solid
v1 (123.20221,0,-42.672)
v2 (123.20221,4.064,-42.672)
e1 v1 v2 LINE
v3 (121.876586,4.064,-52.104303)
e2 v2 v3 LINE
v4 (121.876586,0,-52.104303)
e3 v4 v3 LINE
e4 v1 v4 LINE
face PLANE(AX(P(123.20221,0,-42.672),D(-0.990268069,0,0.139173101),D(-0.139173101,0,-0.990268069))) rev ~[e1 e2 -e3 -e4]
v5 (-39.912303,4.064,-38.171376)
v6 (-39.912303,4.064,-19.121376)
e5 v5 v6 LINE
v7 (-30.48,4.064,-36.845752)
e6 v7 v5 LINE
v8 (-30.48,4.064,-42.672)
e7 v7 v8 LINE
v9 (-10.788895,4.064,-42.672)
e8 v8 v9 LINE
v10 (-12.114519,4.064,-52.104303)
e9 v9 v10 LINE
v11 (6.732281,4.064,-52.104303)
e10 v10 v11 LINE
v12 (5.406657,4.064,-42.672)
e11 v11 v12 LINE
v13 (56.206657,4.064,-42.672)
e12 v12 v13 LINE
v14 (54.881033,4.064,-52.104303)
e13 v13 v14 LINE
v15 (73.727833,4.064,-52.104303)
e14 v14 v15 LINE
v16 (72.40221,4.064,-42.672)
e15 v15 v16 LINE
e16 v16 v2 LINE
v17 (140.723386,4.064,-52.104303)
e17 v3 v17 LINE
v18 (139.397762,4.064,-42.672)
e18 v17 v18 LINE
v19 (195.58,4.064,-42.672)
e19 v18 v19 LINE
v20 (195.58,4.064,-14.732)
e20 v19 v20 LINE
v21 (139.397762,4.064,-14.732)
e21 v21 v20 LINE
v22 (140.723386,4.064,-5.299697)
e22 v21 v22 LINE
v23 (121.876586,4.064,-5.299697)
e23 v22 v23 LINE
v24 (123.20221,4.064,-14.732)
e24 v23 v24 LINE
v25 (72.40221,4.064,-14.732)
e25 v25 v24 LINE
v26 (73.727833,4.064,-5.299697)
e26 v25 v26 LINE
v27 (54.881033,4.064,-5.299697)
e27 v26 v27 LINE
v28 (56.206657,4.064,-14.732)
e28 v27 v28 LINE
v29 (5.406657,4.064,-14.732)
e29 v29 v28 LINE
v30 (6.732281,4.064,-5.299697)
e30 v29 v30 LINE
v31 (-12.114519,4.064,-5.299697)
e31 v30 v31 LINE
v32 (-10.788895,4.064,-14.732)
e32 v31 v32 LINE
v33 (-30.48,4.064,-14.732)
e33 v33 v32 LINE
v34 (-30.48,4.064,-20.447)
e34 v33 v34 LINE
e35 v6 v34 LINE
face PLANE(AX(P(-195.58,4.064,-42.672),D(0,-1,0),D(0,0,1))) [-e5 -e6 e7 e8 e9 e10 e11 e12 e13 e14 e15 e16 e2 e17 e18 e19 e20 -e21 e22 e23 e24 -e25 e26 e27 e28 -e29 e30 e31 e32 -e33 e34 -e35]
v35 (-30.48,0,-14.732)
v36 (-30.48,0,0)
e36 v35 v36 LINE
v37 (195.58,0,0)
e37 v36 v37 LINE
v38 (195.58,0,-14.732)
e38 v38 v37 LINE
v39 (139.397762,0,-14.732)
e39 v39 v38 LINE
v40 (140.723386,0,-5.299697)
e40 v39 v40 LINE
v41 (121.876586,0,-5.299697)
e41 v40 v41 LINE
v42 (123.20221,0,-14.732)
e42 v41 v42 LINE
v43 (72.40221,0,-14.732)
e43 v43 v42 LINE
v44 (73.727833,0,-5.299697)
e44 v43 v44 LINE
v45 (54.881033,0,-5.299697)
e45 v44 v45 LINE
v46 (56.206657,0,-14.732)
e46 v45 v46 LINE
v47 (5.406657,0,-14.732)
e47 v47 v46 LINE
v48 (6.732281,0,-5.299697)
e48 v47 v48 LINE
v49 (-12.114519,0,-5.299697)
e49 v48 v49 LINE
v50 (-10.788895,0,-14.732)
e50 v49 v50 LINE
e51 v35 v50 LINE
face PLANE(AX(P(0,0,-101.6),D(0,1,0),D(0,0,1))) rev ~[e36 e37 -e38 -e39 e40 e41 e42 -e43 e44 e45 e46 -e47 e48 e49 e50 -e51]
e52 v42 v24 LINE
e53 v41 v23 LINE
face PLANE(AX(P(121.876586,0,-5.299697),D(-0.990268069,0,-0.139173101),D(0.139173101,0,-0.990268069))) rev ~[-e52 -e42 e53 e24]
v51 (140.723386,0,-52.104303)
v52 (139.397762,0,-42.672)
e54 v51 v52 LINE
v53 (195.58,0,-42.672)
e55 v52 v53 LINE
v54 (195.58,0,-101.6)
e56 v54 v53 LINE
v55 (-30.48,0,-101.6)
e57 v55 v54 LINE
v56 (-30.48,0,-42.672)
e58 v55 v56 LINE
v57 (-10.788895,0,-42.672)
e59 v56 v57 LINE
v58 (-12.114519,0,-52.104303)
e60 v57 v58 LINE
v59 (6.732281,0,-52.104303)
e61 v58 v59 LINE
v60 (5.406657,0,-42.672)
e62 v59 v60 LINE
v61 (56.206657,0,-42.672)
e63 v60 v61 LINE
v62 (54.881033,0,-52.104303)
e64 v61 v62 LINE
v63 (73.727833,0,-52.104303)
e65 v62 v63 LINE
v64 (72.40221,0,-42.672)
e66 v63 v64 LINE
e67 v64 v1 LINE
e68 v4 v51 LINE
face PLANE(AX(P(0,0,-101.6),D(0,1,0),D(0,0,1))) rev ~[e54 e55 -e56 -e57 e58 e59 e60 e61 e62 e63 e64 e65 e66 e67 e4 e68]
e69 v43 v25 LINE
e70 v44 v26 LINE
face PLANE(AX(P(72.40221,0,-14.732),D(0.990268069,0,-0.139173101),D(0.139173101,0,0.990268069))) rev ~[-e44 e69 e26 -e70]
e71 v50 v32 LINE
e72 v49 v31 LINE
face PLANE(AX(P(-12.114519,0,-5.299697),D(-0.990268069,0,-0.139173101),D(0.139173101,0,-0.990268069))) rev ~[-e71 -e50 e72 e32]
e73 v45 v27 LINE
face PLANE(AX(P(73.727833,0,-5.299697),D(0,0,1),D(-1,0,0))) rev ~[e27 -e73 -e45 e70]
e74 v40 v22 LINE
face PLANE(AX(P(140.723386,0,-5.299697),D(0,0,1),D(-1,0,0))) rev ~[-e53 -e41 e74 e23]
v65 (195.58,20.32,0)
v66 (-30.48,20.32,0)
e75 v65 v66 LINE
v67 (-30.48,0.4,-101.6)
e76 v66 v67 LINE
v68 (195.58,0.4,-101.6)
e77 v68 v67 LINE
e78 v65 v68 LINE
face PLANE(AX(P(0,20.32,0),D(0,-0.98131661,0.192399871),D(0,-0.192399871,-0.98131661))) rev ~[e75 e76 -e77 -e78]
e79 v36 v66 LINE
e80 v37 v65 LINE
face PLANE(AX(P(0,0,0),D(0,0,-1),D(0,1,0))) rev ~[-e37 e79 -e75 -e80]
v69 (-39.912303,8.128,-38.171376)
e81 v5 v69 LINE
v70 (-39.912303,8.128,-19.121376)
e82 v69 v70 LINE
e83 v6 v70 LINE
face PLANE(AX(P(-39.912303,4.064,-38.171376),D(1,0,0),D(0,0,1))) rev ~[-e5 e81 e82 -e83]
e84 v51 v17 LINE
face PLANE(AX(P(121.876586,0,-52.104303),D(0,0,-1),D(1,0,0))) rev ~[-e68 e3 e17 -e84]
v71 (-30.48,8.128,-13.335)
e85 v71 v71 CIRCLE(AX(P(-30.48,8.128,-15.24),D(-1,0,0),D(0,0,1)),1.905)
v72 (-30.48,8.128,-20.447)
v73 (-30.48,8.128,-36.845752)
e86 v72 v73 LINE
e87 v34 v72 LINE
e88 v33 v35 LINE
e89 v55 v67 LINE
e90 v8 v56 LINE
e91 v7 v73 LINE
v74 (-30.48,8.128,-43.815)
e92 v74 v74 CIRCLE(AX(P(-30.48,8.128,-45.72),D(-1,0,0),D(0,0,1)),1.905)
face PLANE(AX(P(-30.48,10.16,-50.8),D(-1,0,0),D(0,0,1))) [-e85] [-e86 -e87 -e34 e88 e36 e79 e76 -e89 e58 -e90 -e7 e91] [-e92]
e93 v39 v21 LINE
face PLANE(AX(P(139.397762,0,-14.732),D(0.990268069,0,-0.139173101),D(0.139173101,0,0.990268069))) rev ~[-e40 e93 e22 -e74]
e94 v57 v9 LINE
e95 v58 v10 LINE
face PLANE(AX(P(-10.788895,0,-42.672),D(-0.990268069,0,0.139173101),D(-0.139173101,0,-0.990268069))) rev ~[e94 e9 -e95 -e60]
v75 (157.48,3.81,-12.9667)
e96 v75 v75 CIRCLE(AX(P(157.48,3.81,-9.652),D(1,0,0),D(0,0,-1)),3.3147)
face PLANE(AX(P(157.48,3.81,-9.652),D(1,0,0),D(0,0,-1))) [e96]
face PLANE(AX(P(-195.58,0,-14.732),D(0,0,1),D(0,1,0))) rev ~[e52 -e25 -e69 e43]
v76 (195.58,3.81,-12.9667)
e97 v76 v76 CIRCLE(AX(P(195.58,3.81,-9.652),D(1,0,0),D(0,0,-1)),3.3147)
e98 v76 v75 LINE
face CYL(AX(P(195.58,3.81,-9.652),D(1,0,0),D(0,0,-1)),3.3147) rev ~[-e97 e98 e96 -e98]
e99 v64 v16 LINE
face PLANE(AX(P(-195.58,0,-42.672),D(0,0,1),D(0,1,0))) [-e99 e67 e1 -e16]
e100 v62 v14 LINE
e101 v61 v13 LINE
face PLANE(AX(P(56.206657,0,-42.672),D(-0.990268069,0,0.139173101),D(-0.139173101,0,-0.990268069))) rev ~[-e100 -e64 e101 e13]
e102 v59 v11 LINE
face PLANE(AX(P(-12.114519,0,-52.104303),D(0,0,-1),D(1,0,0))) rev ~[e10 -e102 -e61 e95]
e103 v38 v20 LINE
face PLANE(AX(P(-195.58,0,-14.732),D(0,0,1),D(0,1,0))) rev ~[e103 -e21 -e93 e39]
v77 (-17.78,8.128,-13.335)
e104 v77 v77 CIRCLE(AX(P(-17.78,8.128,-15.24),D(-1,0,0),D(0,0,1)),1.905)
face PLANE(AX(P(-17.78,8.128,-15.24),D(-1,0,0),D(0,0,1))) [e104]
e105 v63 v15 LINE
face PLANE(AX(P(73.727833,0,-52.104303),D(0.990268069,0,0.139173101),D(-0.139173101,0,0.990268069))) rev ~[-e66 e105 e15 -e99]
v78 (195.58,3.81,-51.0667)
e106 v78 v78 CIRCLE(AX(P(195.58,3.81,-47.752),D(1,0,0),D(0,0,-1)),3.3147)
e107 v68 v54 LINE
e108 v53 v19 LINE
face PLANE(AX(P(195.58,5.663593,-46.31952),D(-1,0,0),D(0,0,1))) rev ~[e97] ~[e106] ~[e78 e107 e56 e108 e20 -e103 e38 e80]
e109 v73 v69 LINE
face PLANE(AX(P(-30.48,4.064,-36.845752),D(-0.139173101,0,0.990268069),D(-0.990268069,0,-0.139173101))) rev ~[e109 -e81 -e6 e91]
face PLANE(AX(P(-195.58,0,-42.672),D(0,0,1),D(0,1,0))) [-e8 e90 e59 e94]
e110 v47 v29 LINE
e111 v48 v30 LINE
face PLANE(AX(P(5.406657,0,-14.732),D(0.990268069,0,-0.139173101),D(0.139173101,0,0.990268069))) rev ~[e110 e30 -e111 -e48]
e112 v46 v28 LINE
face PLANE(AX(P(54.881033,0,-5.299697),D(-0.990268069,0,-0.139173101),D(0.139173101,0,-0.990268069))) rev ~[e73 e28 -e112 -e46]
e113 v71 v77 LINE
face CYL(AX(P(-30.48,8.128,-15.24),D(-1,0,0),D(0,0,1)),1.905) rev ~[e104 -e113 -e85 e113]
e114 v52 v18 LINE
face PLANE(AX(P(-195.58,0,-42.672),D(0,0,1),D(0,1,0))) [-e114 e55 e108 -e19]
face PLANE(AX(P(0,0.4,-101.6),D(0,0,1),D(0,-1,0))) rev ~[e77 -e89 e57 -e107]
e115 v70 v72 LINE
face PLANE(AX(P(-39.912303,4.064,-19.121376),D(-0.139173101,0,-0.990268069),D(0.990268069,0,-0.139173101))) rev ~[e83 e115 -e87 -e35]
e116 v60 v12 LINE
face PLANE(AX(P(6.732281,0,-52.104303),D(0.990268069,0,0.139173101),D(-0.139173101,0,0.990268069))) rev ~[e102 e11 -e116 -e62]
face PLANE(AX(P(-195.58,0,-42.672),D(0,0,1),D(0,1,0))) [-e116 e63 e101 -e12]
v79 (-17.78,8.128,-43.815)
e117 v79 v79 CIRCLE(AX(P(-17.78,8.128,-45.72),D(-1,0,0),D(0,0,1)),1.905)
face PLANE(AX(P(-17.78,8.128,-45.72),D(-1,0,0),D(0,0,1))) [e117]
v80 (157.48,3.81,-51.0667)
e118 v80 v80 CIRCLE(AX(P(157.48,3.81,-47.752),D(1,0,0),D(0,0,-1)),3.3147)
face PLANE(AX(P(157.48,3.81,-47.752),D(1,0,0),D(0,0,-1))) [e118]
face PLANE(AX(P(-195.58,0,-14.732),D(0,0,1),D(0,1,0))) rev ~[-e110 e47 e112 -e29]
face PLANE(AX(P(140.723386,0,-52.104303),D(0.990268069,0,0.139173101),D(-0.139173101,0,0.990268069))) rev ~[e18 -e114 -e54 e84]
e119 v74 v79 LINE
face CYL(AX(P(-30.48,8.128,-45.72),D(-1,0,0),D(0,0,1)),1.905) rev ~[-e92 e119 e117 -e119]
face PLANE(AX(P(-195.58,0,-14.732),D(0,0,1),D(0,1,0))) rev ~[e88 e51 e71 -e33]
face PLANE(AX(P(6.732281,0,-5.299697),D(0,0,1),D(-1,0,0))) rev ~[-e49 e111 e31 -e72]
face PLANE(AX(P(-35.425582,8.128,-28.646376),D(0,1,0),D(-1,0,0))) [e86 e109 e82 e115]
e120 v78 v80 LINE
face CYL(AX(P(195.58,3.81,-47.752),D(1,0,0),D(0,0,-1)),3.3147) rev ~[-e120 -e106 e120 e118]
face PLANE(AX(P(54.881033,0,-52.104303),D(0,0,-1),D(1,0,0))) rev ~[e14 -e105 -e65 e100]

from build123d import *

# Parameters (mm, degrees)
BOSS_EXTRUDE1_DEPTH = 195.58
SKETCH2_R           = 3.3147
CUT_EXTRUDE1_DEPTH  = 38.1
SKETCH3_W           = 27.94
SKETCH3_H           = 4.064
CUT_EXTRUDE2_DEPTH  = 405.649982083
CUT_EXTRUDE3_DEPTH  = 4.064
SKETCH5_W           = 101.6
SKETCH5_H           = 20.32
CUT_EXTRUDE4_DEPTH  = 165.1
BOSS_EXTRUDE2_DEPTH = 4.064
SKETCH7_R           = 1.905
CUT_EXTRUDE5_DEPTH  = 12.7


with BuildPart() as part:
    # Sketch1 → Boss-Extrude1 (new, symmetric)
    with BuildSketch(Plane(origin=(0, 0, 0), x_dir=(0, 0, -1), z_dir=(1, 0, 0))):
        Polygon((0, 0), (0, 20.32), (101.6, 0.4), (101.6, 0), align=None)
    extrude(amount=BOSS_EXTRUDE1_DEPTH, both=True)

    # Sketch2 → Cut-Extrude1 (cut)
    with BuildSketch(Plane(origin=(195.58, 0, 0), x_dir=(0, 0, -1), z_dir=(1, 0, 0))):
        with Locations((9.652, 3.81)):
            Circle(SKETCH2_R)
        with Locations((47.752, 3.81)):
            Circle(SKETCH2_R)
    cut_extrude1 = extrude(amount=-CUT_EXTRUDE1_DEPTH, mode=Mode.SUBTRACT)

    # Mirror3: Cut-Extrude1 across plane
    add(cut_extrude1.mirror(Plane(origin=(0, 0, 0), x_dir=(0, 0, 1), z_dir=(1, 0, 0))), mode=Mode.SUBTRACT)

    # Sketch3 → Cut-Extrude2 (cut, through all)
    with BuildSketch(Plane.ZY.offset(195.58)):
        with Locations((-28.702, 2.032)):
            Rectangle(SKETCH3_W, SKETCH3_H)
    extrude(amount=-CUT_EXTRUDE2_DEPTH, mode=Mode.SUBTRACT)

    # Sketch4 → Cut-Extrude3 (cut)
    with BuildSketch(Plane.XZ):
        Polygon((5.40665728, -42.672), (-10.788895147, -42.672), (-12.114518933, -52.104303355), (6.732281067, -52.104303355), align=None)
        Polygon((139.397762134, -42.672), (123.202209707, -42.672), (121.87658592, -52.104303355), (140.72338592, -52.104303355), align=None)
        Polygon((121.87658592, -5.299696645), (123.202209707, -14.732), (139.397762134, -14.732), (140.72338592, -5.299696645), align=None)
        Polygon((-12.114518933, -5.299696645), (-10.788895147, -14.732), (5.40665728, -14.732), (6.732281067, -5.299696645), align=None)
        Polygon((72.402209707, -42.672), (56.20665728, -42.672), (54.881033493, -52.104303355), (73.727833493, -52.104303355), align=None)
        Polygon((54.881033493, -5.299696645), (56.20665728, -14.732), (72.402209707, -14.732), (73.727833493, -5.299696645), align=None)
    extrude(amount=-CUT_EXTRUDE3_DEPTH, mode=Mode.SUBTRACT)

    # Sketch5 → Cut-Extrude4 (cut)
    with BuildSketch(Plane.ZY.offset(195.58)):
        with Locations((-50.8, 10.16)):
            Rectangle(SKETCH5_W, SKETCH5_H)
    extrude(amount=-CUT_EXTRUDE4_DEPTH, mode=Mode.SUBTRACT)

    # Sketch6 → Boss-Extrude2 (add)
    with BuildSketch(Plane.XZ.offset(-4.064)):
        Polygon((-30.48, -20.447), (-30.48, -36.845752427), (-39.912303355, -38.171376213), (-39.912303355, -19.121376213), align=None)
    extrude(amount=-BOSS_EXTRUDE2_DEPTH)

    # Sketch7 → Cut-Extrude5 (cut)
    with BuildSketch(Plane.ZY.offset(30.48)):
        with Locations((-15.24, 8.128)):
            Circle(SKETCH7_R)
        with Locations((-45.72, 8.128)):
            Circle(SKETCH7_R)
    extrude(amount=-CUT_EXTRUDE5_DEPTH, mode=Mode.SUBTRACT)


solid = part.part
